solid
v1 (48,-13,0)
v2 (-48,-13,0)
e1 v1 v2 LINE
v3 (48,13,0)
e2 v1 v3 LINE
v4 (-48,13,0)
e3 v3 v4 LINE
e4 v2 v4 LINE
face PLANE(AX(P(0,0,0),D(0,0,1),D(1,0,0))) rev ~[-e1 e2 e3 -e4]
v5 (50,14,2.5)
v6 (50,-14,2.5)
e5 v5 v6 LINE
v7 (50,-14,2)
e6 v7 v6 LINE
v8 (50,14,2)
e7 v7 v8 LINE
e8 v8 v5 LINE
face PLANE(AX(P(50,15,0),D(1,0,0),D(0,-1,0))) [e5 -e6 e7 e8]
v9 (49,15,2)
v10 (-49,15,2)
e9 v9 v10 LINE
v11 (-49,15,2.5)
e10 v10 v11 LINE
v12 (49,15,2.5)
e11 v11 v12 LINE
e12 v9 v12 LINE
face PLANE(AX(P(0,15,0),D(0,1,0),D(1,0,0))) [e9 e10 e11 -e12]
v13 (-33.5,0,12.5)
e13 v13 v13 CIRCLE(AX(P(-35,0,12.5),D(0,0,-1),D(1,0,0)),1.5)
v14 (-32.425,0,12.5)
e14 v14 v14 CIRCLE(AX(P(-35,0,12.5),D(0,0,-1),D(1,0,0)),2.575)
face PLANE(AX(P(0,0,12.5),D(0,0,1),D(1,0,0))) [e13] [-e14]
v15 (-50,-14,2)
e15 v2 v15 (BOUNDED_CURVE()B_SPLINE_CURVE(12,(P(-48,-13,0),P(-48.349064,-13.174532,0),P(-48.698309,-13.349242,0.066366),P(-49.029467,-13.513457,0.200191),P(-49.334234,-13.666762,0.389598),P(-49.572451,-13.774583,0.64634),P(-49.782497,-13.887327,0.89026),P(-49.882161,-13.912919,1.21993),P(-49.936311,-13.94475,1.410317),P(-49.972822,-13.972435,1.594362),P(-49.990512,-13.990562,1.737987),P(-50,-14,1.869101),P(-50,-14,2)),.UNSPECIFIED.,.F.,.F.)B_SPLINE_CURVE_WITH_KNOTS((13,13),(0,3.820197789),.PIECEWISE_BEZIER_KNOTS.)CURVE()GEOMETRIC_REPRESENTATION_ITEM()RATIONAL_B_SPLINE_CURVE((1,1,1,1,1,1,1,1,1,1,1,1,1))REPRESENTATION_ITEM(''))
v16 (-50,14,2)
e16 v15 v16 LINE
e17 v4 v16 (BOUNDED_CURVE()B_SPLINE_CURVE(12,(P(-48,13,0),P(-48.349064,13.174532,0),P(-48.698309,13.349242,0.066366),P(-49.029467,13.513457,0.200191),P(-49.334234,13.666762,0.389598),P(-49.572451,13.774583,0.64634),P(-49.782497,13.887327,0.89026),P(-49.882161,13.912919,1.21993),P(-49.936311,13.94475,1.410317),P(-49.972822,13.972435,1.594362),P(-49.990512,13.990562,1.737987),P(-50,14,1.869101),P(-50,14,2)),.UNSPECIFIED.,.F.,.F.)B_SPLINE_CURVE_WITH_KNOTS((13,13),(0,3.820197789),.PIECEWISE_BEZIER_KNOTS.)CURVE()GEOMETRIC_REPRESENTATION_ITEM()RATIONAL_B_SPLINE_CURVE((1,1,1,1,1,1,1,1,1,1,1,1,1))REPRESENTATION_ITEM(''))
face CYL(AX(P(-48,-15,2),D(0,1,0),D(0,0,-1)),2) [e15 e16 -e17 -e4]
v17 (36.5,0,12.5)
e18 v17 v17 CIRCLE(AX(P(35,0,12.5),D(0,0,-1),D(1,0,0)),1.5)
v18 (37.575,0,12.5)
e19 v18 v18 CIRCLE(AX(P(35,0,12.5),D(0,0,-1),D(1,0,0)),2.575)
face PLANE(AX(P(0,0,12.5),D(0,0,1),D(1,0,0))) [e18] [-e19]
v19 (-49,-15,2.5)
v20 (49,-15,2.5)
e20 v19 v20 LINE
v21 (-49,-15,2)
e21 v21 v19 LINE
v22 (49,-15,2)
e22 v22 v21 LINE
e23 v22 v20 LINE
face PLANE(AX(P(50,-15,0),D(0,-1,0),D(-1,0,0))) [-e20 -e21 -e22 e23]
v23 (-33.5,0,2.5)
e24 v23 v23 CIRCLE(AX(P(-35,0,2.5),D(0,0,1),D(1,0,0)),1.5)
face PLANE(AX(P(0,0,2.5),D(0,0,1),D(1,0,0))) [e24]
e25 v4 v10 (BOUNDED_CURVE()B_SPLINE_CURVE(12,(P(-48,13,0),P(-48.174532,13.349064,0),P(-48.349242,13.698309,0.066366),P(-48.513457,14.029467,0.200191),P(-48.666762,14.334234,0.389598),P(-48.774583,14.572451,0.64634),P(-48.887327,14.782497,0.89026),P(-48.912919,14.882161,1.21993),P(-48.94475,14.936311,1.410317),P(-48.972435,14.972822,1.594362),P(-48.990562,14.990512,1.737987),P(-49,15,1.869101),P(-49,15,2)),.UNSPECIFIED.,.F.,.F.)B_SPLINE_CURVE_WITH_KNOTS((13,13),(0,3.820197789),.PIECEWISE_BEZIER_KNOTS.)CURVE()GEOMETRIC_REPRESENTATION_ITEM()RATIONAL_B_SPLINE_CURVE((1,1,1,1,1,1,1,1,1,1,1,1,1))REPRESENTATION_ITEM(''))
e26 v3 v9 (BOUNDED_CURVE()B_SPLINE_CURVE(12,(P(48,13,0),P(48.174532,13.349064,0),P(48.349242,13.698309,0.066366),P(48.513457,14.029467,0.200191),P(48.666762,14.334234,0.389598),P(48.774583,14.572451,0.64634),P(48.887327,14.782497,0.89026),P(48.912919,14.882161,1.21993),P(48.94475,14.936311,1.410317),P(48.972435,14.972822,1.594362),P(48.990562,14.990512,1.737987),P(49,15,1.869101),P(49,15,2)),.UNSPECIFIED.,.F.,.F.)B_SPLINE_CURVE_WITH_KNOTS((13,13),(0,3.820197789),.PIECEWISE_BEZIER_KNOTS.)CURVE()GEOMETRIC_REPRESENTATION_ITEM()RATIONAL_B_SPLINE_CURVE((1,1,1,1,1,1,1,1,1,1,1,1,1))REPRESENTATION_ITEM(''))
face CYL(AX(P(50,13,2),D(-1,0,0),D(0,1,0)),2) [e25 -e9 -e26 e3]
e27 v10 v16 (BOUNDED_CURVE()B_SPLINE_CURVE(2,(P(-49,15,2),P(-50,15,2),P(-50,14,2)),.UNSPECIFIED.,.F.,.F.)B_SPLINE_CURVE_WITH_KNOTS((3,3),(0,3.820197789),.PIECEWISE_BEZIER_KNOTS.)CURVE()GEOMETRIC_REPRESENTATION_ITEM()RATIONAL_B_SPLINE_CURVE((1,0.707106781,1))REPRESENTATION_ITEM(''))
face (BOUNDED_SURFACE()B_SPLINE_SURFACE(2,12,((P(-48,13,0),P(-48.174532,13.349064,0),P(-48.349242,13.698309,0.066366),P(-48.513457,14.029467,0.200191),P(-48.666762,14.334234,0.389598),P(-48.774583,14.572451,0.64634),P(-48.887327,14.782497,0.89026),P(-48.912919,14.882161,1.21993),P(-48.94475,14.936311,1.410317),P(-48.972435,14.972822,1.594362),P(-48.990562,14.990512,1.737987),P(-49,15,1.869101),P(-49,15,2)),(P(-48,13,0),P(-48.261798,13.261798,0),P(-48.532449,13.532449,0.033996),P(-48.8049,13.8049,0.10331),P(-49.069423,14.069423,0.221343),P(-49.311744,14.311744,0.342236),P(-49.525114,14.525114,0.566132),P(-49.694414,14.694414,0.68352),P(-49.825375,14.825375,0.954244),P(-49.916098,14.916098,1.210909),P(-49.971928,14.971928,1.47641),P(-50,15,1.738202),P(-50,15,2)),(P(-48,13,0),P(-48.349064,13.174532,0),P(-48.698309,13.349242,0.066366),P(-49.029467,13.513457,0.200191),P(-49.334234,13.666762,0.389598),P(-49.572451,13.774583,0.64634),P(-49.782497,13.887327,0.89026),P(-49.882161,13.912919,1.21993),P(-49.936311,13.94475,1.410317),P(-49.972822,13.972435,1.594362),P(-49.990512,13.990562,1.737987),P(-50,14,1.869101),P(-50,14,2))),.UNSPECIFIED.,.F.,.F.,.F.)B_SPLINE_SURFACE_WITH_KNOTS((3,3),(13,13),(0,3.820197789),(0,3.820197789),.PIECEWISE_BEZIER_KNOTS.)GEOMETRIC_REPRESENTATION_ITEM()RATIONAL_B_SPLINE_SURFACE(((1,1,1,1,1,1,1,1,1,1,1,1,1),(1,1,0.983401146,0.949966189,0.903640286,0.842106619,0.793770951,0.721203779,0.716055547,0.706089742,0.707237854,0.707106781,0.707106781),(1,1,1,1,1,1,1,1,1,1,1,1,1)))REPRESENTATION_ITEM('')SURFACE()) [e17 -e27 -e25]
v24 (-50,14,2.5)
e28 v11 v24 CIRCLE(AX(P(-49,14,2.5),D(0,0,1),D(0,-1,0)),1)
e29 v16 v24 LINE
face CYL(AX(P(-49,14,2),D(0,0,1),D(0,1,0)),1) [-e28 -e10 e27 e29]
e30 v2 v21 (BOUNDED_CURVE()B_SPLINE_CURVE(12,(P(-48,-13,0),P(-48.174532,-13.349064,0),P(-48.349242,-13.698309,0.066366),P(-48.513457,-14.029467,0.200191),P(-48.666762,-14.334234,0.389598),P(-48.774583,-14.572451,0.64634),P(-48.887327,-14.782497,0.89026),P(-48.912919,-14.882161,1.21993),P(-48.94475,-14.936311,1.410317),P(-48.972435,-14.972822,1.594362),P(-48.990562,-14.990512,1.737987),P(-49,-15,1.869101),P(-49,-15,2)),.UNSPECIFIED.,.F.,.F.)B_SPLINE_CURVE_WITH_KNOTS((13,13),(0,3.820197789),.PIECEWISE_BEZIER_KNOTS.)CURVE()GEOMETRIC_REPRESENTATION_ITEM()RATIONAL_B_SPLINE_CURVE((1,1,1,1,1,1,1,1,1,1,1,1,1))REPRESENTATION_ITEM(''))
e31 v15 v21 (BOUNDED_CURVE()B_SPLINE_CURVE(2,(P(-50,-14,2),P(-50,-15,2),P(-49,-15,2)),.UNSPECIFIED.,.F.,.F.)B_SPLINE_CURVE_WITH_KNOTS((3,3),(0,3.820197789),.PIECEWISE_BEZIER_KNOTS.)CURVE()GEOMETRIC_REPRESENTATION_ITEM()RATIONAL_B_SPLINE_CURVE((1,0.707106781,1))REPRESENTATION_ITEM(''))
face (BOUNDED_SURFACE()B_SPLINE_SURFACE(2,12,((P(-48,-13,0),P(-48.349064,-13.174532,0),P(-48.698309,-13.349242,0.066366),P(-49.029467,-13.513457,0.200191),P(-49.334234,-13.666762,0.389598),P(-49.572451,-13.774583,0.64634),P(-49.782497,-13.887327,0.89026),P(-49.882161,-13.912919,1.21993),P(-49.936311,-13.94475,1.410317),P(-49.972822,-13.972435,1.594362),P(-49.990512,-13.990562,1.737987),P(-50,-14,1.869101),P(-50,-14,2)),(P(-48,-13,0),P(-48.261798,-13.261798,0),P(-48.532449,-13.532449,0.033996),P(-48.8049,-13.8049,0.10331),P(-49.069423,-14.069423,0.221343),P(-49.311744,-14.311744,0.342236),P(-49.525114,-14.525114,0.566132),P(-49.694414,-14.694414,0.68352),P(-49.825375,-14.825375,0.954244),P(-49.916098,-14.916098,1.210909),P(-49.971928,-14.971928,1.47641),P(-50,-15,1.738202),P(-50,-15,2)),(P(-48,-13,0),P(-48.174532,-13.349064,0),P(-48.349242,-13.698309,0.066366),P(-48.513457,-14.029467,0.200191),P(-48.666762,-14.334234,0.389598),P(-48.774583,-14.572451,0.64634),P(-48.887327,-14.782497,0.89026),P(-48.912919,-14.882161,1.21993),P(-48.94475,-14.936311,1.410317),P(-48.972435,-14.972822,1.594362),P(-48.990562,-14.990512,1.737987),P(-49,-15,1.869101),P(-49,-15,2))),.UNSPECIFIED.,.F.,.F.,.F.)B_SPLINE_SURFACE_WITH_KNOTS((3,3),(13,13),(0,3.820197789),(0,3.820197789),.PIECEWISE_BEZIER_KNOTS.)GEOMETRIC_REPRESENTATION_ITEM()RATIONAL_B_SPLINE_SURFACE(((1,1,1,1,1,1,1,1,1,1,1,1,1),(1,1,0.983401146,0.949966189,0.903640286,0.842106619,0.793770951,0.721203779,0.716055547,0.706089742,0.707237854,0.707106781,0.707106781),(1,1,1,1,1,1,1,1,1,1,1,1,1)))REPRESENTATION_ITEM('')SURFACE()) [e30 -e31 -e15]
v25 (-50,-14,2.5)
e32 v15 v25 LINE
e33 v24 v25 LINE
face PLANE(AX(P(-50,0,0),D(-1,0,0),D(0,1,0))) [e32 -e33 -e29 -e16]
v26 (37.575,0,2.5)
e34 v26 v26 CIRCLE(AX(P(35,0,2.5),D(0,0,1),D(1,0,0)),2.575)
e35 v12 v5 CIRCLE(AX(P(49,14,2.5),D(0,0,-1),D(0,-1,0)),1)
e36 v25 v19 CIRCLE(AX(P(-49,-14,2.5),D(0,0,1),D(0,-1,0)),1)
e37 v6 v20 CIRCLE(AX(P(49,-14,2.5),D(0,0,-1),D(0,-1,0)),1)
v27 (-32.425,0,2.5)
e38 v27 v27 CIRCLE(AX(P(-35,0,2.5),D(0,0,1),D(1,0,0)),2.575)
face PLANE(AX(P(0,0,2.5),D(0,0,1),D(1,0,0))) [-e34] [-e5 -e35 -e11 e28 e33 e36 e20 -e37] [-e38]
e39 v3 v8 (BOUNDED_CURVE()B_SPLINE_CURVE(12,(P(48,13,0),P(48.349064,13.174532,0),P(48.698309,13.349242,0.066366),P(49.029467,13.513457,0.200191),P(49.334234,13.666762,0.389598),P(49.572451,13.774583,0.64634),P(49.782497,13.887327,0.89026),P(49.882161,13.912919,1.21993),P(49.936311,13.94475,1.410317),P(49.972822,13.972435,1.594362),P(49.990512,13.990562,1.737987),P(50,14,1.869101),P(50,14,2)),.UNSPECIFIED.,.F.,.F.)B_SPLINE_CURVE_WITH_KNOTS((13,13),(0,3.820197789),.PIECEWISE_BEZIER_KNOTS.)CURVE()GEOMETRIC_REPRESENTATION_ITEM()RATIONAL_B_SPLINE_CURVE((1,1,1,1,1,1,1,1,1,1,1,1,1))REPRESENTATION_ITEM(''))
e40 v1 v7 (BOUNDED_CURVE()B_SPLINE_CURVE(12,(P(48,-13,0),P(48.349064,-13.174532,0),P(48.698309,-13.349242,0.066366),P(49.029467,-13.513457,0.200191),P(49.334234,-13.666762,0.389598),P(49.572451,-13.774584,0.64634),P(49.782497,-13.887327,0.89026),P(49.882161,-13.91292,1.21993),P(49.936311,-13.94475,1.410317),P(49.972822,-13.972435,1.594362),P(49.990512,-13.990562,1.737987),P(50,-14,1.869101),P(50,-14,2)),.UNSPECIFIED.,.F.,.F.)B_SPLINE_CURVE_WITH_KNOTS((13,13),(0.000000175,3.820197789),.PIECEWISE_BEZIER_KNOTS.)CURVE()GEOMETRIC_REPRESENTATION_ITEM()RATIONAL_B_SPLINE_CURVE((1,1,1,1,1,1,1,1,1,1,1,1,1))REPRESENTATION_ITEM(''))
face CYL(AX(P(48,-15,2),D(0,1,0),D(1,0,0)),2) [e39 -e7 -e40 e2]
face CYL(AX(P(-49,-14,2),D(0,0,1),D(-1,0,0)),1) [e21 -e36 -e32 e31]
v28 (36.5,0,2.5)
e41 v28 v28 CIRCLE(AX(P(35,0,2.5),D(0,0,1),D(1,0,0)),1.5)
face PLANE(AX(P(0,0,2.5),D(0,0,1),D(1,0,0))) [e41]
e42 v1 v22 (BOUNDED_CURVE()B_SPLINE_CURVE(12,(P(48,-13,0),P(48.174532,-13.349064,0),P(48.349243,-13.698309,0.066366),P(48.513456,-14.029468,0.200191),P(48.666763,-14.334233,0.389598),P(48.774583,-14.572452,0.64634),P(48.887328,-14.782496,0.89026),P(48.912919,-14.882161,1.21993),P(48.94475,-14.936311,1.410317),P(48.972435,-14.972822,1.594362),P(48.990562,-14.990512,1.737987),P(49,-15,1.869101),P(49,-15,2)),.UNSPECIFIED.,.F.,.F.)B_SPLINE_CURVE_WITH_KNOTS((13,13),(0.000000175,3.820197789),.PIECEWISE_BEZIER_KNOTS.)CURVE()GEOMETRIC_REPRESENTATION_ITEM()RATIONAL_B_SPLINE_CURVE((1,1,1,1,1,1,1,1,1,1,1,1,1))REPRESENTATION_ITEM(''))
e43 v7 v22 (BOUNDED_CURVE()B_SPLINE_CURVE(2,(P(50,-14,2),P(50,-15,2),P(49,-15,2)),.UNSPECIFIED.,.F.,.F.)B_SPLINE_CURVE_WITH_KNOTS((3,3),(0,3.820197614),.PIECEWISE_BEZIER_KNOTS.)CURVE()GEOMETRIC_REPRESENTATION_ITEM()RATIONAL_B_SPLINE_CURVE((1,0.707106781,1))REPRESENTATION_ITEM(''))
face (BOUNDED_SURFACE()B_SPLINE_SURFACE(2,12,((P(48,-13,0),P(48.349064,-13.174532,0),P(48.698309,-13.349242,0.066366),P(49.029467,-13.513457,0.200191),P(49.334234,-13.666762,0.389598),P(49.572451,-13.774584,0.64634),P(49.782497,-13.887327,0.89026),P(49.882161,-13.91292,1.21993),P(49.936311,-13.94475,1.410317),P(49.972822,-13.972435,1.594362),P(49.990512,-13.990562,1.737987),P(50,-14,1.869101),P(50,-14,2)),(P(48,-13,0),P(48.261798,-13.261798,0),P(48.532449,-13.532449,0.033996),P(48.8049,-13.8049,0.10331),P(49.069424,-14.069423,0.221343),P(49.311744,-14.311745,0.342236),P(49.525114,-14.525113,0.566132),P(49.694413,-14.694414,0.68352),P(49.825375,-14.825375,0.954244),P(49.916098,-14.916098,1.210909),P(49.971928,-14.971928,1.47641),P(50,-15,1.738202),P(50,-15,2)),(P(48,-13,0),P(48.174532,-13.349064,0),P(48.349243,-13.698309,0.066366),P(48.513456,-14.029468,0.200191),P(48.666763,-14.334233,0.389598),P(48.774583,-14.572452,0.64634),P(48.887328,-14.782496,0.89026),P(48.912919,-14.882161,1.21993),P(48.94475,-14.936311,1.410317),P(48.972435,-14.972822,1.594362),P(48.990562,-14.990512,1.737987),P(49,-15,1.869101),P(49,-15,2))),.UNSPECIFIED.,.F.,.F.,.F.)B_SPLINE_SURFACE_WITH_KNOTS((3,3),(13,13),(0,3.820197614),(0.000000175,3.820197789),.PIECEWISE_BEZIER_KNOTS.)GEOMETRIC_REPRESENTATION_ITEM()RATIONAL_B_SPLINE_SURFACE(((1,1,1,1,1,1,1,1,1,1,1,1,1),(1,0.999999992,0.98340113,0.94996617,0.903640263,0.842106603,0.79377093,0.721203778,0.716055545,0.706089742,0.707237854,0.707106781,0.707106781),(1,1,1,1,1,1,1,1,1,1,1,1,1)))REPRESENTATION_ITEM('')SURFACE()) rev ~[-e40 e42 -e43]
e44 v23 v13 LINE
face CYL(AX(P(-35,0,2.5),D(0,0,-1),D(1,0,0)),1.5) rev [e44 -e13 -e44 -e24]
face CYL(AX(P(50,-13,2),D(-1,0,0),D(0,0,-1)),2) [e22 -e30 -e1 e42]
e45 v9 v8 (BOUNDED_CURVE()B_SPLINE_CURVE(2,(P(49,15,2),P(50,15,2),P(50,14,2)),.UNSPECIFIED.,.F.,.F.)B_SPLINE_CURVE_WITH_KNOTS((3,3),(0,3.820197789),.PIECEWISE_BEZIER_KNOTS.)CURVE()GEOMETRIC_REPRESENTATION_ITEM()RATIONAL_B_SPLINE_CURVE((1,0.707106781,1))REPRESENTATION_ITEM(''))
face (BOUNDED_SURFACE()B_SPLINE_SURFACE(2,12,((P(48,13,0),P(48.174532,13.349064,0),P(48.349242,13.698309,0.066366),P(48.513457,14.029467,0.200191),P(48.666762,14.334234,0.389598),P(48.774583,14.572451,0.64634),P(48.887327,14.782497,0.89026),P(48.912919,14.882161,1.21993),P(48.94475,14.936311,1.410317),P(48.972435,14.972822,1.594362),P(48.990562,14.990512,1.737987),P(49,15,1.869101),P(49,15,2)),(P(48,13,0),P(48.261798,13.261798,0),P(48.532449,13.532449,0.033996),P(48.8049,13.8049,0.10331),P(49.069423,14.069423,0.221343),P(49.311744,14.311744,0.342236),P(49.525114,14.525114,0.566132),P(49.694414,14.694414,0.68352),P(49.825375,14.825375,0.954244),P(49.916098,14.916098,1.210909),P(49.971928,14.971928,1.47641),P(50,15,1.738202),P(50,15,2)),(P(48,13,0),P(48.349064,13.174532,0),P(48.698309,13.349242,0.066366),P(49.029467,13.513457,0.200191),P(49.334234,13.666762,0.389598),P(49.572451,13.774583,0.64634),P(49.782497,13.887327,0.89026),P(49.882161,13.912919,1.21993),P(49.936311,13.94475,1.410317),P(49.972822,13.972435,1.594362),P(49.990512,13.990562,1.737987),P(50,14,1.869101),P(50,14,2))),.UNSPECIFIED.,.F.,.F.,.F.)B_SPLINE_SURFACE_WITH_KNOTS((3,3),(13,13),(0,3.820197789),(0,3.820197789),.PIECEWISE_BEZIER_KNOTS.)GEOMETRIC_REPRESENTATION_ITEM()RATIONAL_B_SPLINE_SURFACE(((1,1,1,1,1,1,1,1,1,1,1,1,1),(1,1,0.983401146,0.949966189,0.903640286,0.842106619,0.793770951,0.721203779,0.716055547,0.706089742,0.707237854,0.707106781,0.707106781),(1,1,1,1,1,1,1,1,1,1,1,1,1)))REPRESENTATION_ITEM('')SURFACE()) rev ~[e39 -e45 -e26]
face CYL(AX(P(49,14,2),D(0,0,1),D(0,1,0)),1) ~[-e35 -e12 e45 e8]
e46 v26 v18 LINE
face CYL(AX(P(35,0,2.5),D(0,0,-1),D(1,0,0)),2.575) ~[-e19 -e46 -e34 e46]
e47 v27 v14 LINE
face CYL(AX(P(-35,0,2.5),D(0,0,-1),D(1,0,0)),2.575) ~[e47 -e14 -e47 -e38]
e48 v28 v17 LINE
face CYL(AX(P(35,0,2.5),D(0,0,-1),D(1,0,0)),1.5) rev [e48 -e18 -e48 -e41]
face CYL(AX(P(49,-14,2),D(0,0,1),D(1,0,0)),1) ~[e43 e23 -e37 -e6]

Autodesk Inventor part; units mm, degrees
ref_plane "YZ Plane" through (0, 0, 0) normal (1, 0, 0) x (0, 1, 0)
ref_plane "XZ Plane" through (0, 0, 0) normal (0, 1, 0) x (-1, 0, 0)
ref_plane "XY Plane" through (0, 0, 0) normal (0, 0, 1) x (1, 0, 0)
sketch "Náčrt1" plane through (0, 0, 0) normal (0, 0, 1) x (1, 0, 0)
  line L0 (0, 21) -> (0, -21) projected
  line L1 (-70, 0) -> (70, 0) projected
  line L2 (-50, 15) -> (50, 15)
  line L3 (50, 15) -> (50, -15)
  line L4 (50, -15) -> (-50, -15)
  line L5 (-50, -15) -> (-50, 15)
  point P0 (0, 0)
  dimension "d0" = 100
  dimension "d1" = 30
extrude "Vysunutí1" add sketch "Náčrt1" along normal blind 2.5
sketch "Náčrt2" plane through (0, 0, 2.5) normal (0, 0, 1) x (1, 0, 0)
  line L0 (-50, -15) -> (50, -15) projected
  line L1 (50, -15) -> (50, 15) projected
  line L2 (50, 15) -> (-50, 15) projected
  line L3 (-50, 15) -> (-50, -15) projected
  line L4 (0, 21) -> (0, -21) projected
  line L5 (-70, 0) -> (70, 0) projected
  circle A0 centre (35, 0) radius 1.5
  circle A1 centre (35, 0) radius 2.575
  circle A2 centre (-35, 0) radius 1.5
  circle A3 centre (-35, 0) radius 2.575
  point P0 (0, 0)
  point P1 (50, 0)
  dimension "d11" = 3
  dimension "d12" = 5.15
  dimension "d13" = 15
fillet "Zaoblení1" radius 2 4 edges at (50, 0, 0) (0, 15, 0) (-50, 0, 0) (0, -15, 0)
fillet "Zaoblení2" radius 1 8 edges at (50, -15, 2.25) (49.4142, -14.4142, 0.5858) (50, 15, 2.25) (49.4142, 14.4142, 0.5858) (-50, 15, 2.25) (-49.4142, 14.4142, 0.5858) (-50, -15, 2.25) (-49.4142, -14.4142, 0.5858)
extrude "Vysunutí3" add sketch "Náčrt2" along normal blind 10 contours A3 L5 A2 | L5 A2 A3 | A1 L5 A0 | L5 A0 A1
properties part number "záslepka_3D tisk"
